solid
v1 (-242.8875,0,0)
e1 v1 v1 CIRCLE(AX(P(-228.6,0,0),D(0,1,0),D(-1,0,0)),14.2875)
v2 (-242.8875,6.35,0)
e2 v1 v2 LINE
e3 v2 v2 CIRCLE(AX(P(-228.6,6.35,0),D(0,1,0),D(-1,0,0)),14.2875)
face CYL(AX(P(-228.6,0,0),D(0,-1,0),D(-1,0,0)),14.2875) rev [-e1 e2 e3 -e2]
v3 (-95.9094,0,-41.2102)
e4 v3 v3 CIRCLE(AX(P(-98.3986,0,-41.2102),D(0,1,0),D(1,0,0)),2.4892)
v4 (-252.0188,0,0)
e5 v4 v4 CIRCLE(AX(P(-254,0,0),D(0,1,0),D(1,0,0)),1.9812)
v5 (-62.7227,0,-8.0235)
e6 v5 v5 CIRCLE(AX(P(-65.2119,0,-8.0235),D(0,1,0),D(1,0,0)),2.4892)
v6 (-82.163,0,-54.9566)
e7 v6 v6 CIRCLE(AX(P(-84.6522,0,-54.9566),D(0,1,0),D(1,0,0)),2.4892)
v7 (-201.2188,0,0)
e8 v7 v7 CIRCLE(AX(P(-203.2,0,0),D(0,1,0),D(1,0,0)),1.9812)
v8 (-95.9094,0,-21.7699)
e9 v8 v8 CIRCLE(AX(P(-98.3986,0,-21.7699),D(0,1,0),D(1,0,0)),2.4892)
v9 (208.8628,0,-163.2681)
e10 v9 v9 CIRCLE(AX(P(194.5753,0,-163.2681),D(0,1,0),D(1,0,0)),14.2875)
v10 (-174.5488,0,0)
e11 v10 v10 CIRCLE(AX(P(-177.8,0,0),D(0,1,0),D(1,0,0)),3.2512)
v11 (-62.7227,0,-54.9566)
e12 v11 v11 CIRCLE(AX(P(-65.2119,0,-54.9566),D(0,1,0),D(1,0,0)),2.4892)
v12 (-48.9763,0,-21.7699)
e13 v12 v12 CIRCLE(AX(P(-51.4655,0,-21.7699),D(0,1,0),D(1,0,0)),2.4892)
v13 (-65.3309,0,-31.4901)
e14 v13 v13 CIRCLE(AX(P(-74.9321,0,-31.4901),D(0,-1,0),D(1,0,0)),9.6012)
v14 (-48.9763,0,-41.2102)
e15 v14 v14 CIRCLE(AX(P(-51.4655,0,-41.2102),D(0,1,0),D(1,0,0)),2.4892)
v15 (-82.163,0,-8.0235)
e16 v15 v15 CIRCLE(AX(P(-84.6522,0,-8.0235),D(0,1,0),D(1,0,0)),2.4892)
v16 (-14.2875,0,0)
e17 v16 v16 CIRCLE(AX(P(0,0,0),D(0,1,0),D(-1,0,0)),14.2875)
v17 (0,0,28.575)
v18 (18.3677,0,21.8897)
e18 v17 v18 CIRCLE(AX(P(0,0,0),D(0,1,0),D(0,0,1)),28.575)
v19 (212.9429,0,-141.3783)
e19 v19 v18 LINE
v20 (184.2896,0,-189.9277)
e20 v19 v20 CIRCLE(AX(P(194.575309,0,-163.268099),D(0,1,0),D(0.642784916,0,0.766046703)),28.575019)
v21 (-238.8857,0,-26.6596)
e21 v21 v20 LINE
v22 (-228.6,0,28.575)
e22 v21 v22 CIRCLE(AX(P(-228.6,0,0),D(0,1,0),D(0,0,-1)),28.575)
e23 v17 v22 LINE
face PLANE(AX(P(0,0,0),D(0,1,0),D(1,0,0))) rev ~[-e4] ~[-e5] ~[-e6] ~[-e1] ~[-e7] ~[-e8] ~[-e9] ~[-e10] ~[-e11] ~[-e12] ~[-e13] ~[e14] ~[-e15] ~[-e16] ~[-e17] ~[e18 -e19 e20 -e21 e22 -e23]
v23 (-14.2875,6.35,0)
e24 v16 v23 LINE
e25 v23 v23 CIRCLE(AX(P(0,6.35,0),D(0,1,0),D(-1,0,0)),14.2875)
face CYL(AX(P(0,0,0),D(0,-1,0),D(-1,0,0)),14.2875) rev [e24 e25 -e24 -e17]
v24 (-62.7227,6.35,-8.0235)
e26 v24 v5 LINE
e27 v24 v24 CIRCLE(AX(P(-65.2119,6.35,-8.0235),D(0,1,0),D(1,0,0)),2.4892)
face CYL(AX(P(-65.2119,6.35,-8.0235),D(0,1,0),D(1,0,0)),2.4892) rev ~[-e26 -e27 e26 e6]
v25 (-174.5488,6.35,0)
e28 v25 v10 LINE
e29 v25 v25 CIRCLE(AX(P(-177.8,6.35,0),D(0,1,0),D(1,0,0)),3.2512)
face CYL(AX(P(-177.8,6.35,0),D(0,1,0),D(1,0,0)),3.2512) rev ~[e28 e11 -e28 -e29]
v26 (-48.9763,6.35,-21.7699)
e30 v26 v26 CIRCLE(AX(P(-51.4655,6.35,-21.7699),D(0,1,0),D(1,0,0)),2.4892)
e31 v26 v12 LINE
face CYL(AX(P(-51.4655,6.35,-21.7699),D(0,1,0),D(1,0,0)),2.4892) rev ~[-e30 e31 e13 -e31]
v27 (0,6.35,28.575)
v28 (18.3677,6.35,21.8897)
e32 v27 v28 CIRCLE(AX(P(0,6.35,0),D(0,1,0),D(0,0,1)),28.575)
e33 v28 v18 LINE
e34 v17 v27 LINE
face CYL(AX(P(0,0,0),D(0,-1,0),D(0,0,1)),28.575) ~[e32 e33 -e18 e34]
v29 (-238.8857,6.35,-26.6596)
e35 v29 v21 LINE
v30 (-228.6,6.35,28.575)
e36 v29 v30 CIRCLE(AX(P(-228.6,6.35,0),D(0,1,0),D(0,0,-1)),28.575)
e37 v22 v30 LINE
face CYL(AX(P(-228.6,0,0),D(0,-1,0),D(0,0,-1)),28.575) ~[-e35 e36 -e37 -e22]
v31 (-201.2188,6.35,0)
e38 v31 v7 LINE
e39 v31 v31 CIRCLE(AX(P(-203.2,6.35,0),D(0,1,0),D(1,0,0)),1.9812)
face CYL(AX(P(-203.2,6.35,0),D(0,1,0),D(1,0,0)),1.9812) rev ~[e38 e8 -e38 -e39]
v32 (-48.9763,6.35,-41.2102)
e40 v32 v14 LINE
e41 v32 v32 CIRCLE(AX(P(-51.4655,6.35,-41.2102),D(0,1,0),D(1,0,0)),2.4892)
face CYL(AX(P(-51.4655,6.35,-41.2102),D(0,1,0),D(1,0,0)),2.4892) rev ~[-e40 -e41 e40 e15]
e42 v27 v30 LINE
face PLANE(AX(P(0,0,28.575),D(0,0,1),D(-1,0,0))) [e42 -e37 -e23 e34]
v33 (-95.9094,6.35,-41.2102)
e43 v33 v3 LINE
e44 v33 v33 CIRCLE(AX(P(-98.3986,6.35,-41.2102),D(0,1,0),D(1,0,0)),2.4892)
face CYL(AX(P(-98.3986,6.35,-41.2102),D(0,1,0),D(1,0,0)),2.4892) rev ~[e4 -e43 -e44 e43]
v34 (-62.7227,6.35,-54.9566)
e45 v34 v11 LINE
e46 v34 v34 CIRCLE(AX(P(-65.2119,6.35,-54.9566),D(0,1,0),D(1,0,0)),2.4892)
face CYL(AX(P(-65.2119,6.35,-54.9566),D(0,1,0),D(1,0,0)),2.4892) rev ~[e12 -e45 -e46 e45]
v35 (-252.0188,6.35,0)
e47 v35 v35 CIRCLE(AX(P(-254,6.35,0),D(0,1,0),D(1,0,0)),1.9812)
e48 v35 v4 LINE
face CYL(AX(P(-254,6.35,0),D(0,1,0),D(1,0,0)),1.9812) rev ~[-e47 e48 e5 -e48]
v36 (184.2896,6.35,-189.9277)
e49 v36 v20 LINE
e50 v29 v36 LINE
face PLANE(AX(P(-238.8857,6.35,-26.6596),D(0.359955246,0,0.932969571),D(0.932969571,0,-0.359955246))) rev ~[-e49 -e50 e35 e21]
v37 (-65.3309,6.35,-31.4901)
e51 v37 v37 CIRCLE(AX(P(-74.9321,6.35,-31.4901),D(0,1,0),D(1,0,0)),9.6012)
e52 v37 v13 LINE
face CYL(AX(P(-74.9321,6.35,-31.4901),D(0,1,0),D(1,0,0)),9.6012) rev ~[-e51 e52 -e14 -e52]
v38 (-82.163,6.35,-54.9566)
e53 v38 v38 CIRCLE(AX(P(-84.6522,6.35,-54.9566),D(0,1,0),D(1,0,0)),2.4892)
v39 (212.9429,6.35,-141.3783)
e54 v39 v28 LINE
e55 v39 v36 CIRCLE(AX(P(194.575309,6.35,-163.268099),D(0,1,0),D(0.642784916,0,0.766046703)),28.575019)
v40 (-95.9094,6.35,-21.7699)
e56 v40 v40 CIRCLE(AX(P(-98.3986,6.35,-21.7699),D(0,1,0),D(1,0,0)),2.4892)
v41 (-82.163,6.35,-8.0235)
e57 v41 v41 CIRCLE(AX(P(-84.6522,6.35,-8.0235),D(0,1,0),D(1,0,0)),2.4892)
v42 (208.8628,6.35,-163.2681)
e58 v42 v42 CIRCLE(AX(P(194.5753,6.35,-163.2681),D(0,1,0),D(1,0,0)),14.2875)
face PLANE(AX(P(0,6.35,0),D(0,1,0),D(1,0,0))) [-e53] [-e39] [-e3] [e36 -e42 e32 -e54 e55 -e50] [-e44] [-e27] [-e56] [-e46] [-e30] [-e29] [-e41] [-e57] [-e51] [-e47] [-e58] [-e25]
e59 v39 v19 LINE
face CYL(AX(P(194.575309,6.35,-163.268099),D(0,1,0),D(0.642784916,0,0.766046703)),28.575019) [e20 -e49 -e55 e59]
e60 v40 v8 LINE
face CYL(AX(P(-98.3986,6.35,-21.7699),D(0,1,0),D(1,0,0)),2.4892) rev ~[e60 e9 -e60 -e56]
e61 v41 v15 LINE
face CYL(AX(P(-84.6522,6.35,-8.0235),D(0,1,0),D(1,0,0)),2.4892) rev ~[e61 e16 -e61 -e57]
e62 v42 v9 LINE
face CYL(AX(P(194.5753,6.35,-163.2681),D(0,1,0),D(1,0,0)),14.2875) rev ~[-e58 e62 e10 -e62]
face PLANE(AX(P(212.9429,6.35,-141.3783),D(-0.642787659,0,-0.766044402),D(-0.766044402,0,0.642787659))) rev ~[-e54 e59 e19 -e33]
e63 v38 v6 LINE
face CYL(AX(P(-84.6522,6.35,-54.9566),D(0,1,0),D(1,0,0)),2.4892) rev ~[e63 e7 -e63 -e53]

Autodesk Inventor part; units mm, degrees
ref_plane "YZ Plane" through (0, 0, 0) normal (1, 0, 0) x (0, 1, 0)
ref_plane "XZ Plane" through (0, 0, 0) normal (0, 1, 0) x (-1, 0, 0)
ref_plane "XY Plane" through (0, 0, 0) normal (0, 0, 1) x (1, 0, 0)
sketch "Sketch1" plane through (0, 0, 0) normal (0, 1, 0) x (-1, 0, 0)
  circle A0 centre (0, 0) radius 14.2875
  line L0 (0, 0) -> (228.6, 0) construction
  circle A1 centre (228.6, 0) radius 14.2875
  circle A2 centre (0, 0) radius 28.575 construction
  circle A3 centre (228.6, 0) radius 28.575 construction
  line L1 (228.6, -28.575) -> (0, -28.575)
  line L2 (0, 28.575) -> (228.6, 28.575)
  arc A4 (228.6, -28.575) -> (228.6, 28.575) centre (228.6, 0) ccw
  arc A5 (0, 28.575) -> (0, -28.575) centre (0, 0) ccw
  dimension "d0" = 28.575
  dimension "d1" = 228.6
  dimension "d5" = 57.15
extrude "Extrusion1" add sketch "Sketch1" along normal blind 6.35
sketch "Sketch3" plane through (0, 6.35, 0) normal (0, 1, 0) x (1, 0, 0)
  circle A0 centre (-228.6, 0) radius 14.2875 construction
  line L0 (0, 0) -> (-228.6, 0) construction
  circle A1 centre (0, 0) radius 14.2875 construction
  line L1 (0, 0) -> (194.5753, 163.2681) construction
  arc A2 (0, -28.575) -> (0, 28.575) centre (0, 0) ccw projected
  circle A3 centre (0, 0) radius 28.575
  circle A4 centre (194.5753, 163.2681) radius 28.575 construction
  circle A5 centre (194.5753, 163.2681) radius 14.2875
  circle A6 centre (0, 0) radius 14.2875 projected
  line L2 (176.2076, 185.1578) -> (-18.3677, 21.8897)
  line L3 (212.9429, 141.3783) -> (18.3677, -21.8897)
  arc A7 (212.9429, 141.3783) -> (176.2076, 185.1578) centre (194.5753, 163.2681) ccw
  point P0 (0, 28.575)
  point P1 (18.3677, -21.8897)
  dimension "d12" = 254
  dimension "d13" = 140
extrude "Extrusion3" add sketch "Sketch3" against normal blind 6.35 contours A2 A3 L2 A7 L3
sketch "Sketch4" plane through (0, 6.35, 0) normal (0, 1, 0) x (1, 0, 0)
  circle A0 centre (-74.9321, 31.4901) radius 30 construction
  circle A1 centre (-74.9321, 31.4901) radius 25.4 construction
  circle A2 centre (-74.9321, 31.4901) radius 9.6012
  circle A3 centre (0, 0) radius 40.64 construction
  circle A4 centre (-74.9321, 31.4901) radius 40.64 construction
  line L0 (-84.6522, 8.0235) -> (-84.6522, 54.9566) construction
  line L1 (-84.6522, 54.9566) -> (-65.2119, 54.9566) construction
  line L2 (-65.2119, 54.9566) -> (-65.2119, 8.0235) construction
  line L3 (-65.2119, 8.0235) -> (-84.6522, 8.0235) construction
  circle A5 centre (-84.6522, 8.0235) radius 2.4892
  circle A6 centre (-65.2119, 8.0235) radius 2.4892
  circle A7 centre (-51.4655, 21.7699) radius 2.4892
  circle A8 centre (-51.4655, 41.2102) radius 2.4892
  line L4 (2.5406, 40.5605) -> (-2.5406, -40.5605) construction
  circle A9 centre (194.5753, 163.2681) radius 14.2875 construction
  line L5 (-74.9321, 31.4901) -> (194.5753, 163.2681) construction
  circle A10 centre (194.5753, 163.2681) radius 14.2875 projected
  circle A11 centre (0, 0) radius 14.2875 projected
  circle A12 centre (-228.6, 0) radius 14.2875 projected
  line L6 (-10.4004, 28.575) -> (-228.6, 28.575) projected
  arc A13 (-228.6, 28.575) -> (-228.6, -28.575) centre (-228.6, 0) ccw projected
  line L7 (-228.6, -28.575) -> (0, -28.575) projected
  arc A14 (0, -28.575) -> (18.3677, -21.8897) centre (0, 0) ccw projected
  line L8 (18.3677, -21.8897) -> (212.9429, 141.3783) projected
  arc A15 (212.9429, 141.3783) -> (176.2076, 185.1578) centre (194.5753, 163.2681) ccw projected
  line L9 (176.2076, 185.1578) -> (-10.4004, 28.575) projected
  arc A16 (-228.6, 28.575) -> (-228.6, -28.575) centre (-228.6, 0) ccw projected
  circle A17 centre (0, 0) radius 50.8 construction
  arc A18 (-228.6, 28.575) -> (-228.6, -28.575) centre (-228.6, 0) ccw projected
  arc A19 (212.9429, 141.3783) -> (176.2076, 185.1578) centre (194.5753, 163.2681) ccw projected
  line L10 (-238.8857, 26.6596) -> (184.2896, 189.9277)
  circle A20 centre (-65.2119, 54.9566) radius 2.4892
  circle A21 centre (-84.6522, 54.9566) radius 2.4892
  circle A22 centre (-98.3986, 41.2102) radius 2.4892
  circle A23 centre (-98.3986, 21.7699) radius 2.4892
  point P0 (34.7284, 53.046)
  point P1 (38.9386, 55.4768)
  point P2 (-93.3302, 28.575)
  point P3 (-88.3521, 28.575)
  point P4 (-73.8899, 28.575)
  point P5 (-68.9118, 28.575)
  point P6 (-75.3508, 28.575)
  point P7 (-71.7292, 28.575)
  point P8 (-55.9105, 28.575)
  point P9 (-52.2889, 28.575)
  dimension "d16" = 60
  dimension "d17" = 50.8
  dimension "d18" = 19.2024
  dimension "d19" = 81.28
  dimension "d21" = 4.9784
  dimension "d24" = 360
  dimension "d26" = 299.9994
  dimension "d31" = 101.6
extrude "Extrusion7" cut sketch "Sketch4" against normal blind 6.35 contours A2 L6 | L6 A2 | A5 | A6 | A7 | A8 | A20 | A21 | A22 | A23
extrude "Extrusion8" add sketch "Sketch4" against normal blind 6.35 contours A2 L6 A13 L10 A15 L9
sketch "Sketch5" plane through (0, 6.35, 0) normal (0, 1, 0) x (1, 0, 0)
  line L0 (-238.8857, 26.6596) -> (184.2896, 189.9277) projected
  circle A0 centre (68.7646, 145.3562) radius 15.875
  point P0 (0, 0)
  dimension "d38" = 31.75
  dimension "d41" = 123.825
extrude "Extrusion9" [suppressed]
fillet "Fillet1" [suppressed]
sketch "Sketch6" plane through (0, 6.35, 0) normal (0, 1, 0) x (1, 0, 0)
  circle A0 centre (-228.6, 0) radius 14.2875 construction
  line L0 (-228.6, 0) -> (-177.8, 0) construction
  circle A1 centre (-177.8, 0) radius 3.2512
  point P0 (0, 0)
  dimension "d43" = 50.8
  dimension "d44" = 6.5024
extrude "Extrusion10" cut sketch "Sketch6" against normal blind 6.35
sketch "Sketch7" plane through (0, 6.35, 0) normal (0, 1, 0) x (1, 0, 0)
  circle A0 centre (-254, 0) radius 1.9812
  circle A1 centre (-203.2, 0) radius 1.9812
  line L0 (-203.2, 0) -> (-254, 0) construction
  circle A2 centre (-228.6, 0) radius 14.2875 construction
  point P0 (0, 0)
  dimension "d47" = 50.8
  dimension "d48" = 3.9624
extrude "Extrusion11" cut sketch "Sketch7" against normal blind 6.35
thread "Thread1" size "8-32 UNC" class "2B" standard "ANSI Unified Screw Threads" full length
thread "Thread2" size "8-32 UNC" class "2B" standard "ANSI Unified Screw Threads" full length
properties part number "CORL_006_SmallPlate" material "Polycarbonate, Clear"
